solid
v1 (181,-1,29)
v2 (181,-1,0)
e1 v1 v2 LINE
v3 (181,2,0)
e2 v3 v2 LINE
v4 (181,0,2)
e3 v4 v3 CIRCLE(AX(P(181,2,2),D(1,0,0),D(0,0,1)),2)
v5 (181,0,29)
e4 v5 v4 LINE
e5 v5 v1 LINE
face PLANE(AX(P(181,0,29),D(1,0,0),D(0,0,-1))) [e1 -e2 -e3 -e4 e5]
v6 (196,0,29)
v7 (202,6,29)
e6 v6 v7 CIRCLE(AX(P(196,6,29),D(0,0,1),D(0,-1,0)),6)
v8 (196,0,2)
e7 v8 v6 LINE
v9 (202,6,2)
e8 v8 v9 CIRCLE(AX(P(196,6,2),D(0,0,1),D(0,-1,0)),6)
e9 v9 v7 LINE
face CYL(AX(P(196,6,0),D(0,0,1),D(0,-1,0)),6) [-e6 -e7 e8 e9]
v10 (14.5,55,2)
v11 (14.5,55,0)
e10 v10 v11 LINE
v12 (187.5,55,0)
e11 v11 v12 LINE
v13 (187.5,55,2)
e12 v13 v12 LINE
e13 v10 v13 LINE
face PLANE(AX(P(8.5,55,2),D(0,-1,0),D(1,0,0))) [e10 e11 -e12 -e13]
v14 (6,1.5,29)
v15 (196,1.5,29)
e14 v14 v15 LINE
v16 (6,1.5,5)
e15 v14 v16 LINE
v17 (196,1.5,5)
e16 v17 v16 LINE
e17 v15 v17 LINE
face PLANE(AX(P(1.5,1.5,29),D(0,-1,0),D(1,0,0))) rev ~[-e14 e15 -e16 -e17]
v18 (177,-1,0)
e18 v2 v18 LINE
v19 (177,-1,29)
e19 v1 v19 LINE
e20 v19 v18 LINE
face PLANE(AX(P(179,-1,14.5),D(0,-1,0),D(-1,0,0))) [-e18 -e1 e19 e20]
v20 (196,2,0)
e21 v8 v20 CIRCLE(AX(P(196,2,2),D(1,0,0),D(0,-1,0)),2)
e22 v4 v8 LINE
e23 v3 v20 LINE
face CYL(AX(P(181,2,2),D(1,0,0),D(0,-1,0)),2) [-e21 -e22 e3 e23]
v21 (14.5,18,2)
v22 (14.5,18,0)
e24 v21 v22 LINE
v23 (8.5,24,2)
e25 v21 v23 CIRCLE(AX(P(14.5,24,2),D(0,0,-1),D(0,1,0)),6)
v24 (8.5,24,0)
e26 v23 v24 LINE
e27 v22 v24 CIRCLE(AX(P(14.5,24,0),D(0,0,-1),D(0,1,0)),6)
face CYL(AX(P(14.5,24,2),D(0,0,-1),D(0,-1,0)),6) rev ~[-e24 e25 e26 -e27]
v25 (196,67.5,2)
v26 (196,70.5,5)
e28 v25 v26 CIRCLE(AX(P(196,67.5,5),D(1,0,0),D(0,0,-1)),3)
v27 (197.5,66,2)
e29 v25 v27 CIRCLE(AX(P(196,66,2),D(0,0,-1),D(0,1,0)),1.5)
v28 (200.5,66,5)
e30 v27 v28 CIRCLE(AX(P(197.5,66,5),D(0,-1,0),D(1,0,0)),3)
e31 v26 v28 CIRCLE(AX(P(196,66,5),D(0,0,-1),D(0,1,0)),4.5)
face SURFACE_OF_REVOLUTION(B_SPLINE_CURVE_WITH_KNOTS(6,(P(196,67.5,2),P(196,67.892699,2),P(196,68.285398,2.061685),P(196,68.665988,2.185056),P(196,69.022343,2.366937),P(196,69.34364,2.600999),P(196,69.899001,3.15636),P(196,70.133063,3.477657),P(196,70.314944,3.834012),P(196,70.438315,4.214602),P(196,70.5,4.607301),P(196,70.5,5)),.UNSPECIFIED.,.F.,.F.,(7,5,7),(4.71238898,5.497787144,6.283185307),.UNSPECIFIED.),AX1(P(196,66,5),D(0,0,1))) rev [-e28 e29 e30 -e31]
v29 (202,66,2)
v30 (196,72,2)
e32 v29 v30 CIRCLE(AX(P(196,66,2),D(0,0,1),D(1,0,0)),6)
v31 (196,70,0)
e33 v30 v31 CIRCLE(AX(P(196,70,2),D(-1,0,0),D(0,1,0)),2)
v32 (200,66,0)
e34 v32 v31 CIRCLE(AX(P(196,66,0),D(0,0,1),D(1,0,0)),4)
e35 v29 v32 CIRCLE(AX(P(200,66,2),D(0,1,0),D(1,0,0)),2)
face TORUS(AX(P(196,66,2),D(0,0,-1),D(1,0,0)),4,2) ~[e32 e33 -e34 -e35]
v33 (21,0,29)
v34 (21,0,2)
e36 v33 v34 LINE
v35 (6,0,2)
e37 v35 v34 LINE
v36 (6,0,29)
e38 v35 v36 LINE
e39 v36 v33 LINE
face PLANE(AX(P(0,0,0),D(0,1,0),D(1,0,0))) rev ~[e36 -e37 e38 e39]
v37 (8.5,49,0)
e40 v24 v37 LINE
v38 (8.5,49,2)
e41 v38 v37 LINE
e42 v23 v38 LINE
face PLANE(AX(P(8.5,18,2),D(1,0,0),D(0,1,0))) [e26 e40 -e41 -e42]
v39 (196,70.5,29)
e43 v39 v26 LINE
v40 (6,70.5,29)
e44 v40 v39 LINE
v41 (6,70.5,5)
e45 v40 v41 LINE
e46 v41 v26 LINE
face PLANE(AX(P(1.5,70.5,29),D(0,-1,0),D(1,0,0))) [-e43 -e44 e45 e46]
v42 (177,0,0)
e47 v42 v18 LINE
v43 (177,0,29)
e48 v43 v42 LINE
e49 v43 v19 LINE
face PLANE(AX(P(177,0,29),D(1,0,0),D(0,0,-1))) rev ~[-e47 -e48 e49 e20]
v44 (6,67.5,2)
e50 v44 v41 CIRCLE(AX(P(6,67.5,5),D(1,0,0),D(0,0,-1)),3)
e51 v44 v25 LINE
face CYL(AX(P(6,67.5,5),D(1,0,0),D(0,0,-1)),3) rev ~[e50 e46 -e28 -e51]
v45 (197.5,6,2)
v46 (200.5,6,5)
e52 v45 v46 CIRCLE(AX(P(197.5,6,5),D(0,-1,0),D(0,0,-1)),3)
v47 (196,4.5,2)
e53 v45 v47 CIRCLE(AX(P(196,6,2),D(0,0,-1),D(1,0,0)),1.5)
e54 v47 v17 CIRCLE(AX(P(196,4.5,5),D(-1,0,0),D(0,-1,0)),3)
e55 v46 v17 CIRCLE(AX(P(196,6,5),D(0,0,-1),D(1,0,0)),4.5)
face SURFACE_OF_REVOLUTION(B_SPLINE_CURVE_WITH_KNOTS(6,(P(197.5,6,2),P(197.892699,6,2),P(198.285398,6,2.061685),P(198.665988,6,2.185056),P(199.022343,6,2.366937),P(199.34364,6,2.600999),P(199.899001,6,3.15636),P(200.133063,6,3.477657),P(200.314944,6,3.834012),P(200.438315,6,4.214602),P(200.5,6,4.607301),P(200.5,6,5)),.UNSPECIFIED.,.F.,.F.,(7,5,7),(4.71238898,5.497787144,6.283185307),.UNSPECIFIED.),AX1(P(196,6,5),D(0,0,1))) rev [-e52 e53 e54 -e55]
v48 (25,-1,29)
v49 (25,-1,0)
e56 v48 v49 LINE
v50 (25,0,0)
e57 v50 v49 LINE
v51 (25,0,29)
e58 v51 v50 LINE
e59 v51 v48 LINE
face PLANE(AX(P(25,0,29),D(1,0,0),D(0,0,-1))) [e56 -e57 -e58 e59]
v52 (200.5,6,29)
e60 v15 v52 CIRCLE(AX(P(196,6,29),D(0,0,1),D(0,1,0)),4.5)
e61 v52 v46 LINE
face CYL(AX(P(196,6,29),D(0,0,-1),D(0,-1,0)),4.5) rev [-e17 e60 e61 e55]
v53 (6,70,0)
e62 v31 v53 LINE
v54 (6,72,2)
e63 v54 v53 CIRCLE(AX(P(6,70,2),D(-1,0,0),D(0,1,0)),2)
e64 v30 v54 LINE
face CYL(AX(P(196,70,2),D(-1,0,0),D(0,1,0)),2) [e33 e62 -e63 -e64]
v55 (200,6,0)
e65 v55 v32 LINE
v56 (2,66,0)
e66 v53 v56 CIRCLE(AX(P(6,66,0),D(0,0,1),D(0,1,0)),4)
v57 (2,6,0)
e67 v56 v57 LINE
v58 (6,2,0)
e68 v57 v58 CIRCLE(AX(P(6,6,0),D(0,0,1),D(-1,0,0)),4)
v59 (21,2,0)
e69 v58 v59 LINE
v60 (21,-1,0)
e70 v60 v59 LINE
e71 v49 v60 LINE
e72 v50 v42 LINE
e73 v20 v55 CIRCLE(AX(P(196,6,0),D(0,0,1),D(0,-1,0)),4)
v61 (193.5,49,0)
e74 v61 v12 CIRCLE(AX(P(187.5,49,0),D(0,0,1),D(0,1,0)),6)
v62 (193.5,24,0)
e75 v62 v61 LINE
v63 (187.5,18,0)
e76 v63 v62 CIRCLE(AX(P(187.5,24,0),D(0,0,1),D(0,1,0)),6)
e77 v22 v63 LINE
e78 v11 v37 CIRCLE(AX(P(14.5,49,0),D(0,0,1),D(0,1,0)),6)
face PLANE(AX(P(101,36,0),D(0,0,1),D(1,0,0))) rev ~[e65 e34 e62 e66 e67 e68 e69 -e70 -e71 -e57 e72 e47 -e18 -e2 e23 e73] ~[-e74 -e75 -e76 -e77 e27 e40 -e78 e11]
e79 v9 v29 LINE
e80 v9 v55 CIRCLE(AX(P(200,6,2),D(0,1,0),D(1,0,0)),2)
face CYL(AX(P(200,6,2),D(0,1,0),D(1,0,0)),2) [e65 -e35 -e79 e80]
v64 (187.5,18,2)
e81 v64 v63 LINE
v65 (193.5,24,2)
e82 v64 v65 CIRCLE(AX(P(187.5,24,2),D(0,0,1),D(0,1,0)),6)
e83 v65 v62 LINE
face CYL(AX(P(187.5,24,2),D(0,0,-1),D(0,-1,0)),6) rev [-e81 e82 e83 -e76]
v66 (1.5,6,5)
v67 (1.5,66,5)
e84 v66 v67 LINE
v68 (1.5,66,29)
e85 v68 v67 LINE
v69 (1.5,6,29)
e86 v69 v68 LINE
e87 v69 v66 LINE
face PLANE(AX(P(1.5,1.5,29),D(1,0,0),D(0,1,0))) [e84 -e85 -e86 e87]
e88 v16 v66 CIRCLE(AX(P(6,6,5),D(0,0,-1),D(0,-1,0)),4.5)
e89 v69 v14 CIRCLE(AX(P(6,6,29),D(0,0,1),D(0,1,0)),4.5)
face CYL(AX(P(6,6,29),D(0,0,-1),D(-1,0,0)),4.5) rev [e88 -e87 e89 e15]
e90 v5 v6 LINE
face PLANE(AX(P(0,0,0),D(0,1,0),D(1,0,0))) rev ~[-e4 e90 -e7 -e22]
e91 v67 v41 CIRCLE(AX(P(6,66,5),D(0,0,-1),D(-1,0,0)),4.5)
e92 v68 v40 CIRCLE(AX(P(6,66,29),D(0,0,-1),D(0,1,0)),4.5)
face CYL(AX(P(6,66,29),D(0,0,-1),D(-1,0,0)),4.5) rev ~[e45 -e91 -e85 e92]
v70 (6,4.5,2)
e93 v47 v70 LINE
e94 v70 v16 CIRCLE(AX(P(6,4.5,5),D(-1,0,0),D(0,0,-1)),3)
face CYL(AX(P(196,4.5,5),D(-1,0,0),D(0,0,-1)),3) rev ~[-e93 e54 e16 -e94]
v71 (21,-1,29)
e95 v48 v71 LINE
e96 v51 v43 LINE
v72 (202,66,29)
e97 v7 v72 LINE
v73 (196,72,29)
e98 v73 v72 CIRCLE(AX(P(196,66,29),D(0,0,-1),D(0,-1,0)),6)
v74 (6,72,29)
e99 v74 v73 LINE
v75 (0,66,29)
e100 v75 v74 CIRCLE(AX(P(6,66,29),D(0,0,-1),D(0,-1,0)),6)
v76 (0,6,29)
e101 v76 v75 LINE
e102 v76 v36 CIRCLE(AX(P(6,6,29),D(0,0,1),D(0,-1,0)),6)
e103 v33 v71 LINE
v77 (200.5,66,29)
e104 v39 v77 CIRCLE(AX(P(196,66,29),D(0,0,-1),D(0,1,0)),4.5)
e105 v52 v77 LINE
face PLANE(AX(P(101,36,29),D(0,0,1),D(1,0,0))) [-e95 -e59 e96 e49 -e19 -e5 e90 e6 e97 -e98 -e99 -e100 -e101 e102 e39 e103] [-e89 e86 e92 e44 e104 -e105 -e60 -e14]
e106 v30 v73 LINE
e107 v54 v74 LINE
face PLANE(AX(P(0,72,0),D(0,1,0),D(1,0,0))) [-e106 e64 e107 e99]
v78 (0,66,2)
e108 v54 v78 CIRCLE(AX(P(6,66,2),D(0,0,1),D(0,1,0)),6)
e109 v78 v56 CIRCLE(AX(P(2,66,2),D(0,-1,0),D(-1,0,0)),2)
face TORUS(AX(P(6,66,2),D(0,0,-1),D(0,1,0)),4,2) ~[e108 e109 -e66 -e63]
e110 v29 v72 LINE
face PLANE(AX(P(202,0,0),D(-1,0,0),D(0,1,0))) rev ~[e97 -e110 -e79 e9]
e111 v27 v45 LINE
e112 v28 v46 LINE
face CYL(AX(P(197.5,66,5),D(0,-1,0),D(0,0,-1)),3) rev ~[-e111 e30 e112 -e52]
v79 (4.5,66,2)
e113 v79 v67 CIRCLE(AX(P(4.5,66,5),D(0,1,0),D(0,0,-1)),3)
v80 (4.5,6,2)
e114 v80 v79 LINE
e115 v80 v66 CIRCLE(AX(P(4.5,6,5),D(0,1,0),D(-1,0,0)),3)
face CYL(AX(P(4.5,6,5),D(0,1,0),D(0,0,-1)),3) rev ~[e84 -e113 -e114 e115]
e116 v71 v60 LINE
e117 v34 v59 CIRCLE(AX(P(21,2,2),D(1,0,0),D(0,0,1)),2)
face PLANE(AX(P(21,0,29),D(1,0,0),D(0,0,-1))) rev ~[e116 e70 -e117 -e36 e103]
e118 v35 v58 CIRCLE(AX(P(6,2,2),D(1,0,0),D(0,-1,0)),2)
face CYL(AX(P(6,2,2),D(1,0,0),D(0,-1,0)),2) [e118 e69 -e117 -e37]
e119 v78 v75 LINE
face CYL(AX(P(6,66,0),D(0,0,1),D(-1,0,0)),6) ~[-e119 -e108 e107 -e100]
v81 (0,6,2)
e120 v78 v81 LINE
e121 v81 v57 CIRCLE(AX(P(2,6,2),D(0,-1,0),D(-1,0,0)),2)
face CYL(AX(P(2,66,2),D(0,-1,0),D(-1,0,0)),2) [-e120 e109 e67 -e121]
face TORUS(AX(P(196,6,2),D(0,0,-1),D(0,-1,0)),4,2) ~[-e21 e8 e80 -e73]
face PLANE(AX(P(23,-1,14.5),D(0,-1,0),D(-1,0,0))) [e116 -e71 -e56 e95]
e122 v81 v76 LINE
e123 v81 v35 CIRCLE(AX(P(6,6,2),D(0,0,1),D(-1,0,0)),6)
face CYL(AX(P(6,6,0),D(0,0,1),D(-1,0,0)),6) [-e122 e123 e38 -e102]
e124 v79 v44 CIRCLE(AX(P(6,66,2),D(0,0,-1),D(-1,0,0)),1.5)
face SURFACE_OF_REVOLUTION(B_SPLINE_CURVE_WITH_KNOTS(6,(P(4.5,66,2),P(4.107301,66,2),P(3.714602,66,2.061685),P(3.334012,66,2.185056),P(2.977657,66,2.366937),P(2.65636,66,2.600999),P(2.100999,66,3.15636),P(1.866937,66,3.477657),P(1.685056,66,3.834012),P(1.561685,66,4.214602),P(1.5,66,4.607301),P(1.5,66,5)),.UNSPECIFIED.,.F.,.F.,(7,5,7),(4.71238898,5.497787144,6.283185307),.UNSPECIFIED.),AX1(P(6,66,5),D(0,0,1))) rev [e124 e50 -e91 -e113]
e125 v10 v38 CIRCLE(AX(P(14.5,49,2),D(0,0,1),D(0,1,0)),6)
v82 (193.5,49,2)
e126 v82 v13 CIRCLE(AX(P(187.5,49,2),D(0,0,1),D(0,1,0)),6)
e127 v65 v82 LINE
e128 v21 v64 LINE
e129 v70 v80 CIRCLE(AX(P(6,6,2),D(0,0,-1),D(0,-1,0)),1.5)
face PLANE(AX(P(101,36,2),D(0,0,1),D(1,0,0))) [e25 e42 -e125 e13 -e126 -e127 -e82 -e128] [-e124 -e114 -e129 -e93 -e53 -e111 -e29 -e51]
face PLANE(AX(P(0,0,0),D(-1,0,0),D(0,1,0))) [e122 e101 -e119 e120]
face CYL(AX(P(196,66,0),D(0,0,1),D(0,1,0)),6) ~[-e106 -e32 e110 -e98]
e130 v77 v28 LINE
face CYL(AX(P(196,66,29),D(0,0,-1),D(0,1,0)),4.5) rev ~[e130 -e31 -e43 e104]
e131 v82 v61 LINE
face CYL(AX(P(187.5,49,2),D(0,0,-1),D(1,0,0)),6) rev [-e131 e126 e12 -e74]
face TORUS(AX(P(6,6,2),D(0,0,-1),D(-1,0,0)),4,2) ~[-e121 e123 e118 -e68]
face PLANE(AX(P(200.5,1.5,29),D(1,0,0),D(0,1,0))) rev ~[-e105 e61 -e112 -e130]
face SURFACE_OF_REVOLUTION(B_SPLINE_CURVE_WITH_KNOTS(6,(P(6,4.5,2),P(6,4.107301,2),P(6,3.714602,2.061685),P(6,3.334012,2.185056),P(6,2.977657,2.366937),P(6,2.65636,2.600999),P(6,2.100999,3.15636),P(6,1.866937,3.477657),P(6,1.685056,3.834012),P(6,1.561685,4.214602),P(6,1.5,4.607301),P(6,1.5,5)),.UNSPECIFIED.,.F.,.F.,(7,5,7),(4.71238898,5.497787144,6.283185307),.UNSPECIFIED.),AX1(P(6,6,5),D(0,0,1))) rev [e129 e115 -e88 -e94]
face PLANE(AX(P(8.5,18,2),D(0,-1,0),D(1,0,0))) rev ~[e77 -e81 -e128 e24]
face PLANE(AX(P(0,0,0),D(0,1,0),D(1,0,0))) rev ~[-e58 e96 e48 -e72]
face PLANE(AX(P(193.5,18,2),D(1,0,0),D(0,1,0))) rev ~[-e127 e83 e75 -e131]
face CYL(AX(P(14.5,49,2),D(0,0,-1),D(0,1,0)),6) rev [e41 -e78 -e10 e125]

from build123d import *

# Parameters (mm, degrees)
SKETCH1_W           = 202
SKETCH1_H           = 72
BOSS_EXTRUDE1_DEPTH = 29
SKETCH2_W           = 199
SKETCH2_H           = 69
CUT_EXTRUDE1_DEPTH  = 27
SKETCH3_W           = 185
SKETCH3_H           = 37
CUT_EXTRUDE2_DEPTH  = 27
FILLET1_R           = 6
FILLET2_R           = 4.5
FILLET3_R           = 6
SKETCH4_W           = 4
SKETCH4_H           = 29
BOSS_EXTRUDE2_DEPTH = 1
FILLET4_R           = 2
FILLET5_R           = 3


with BuildPart() as part:
    # Sketch1 → Boss-Extrude1 (new body)
    with BuildSketch(Plane.XY):
        with Locations((101, 36)):
            Rectangle(SKETCH1_W, SKETCH1_H)
    extrude(amount=BOSS_EXTRUDE1_DEPTH)

    # Sketch2 → Cut-Extrude1 (cut)
    with BuildSketch(Plane.XY.offset(29)):
        with Locations((101, 36)):
            Rectangle(SKETCH2_W, SKETCH2_H)
    extrude(amount=-CUT_EXTRUDE1_DEPTH, mode=Mode.SUBTRACT)

    # Sketch3 → Cut-Extrude2 (cut)
    with BuildSketch(Plane.XY.offset(2)):
        with Locations((101, 36.5)):
            Rectangle(SKETCH3_W, SKETCH3_H)
    extrude(amount=-CUT_EXTRUDE2_DEPTH, mode=Mode.SUBTRACT)

    # Fillet1
    fillet1_edges = [part.edges().sort_by_distance(p)[0] for p in [
        (8.5, 18, 1),
        (8.5, 55, 1),
        (193.5, 55, 1),
        (193.5, 18, 1),
    ]]
    fillet(fillet1_edges, radius=FILLET1_R)

    # Fillet2
    fillet2_edges = [part.edges().sort_by_distance(p)[0] for p in [
        (1.5, 1.5, 15.5),
        (1.5, 70.5, 15.5),
        (200.5, 70.5, 15.5),
        (200.5, 1.5, 15.5),
    ]]
    fillet(fillet2_edges, radius=FILLET2_R)

    # Fillet3
    fillet3_edges = [part.edges().sort_by_distance(p)[0] for p in [
        (0, 72, 14.5),
        (202, 72, 14.5),
        (202, 0, 14.5),
        (0, 0, 14.5),
    ]]
    fillet(fillet3_edges, radius=FILLET3_R)

    # Sketch4 → Boss-Extrude2 (add)
    with BuildSketch(Plane(origin=(0, 0, 0), x_dir=(-1, 0, 0), z_dir=(0, -1, 0))):
        with Locations((-23, -14.5)):
            Rectangle(SKETCH4_W, SKETCH4_H)
        with Locations((-179, -14.5)):
            Rectangle(SKETCH4_W, SKETCH4_H)
    extrude(amount=BOSS_EXTRUDE2_DEPTH)

    # Fillet4
    fillet4_edges = [part.edges().sort_by_distance(p)[0] for p in [
        (200.242640687, 1.757359313, 0),
        (188.5, 0, 0),
        (202, 36, 0),
        (0, 36, 0),
        (101, 72, 0),
        (13.5, 0, 0),
        (1.757359313, 70.242640687, 0),
        (1.757359313, 1.757359313, 0),
        (200.242640687, 70.242640687, 0),
    ]]
    fillet(fillet4_edges, radius=FILLET4_R)

    # Fillet5
    fillet5_edges = [part.edges().sort_by_distance(p)[0] for p in [
        (101, 70.5, 2),
        (200.5, 36, 2),
        (1.5, 36, 2),
        (101, 1.5, 2),
        (2.818019485, 69.181980515, 2),
        (2.818019485, 2.818019485, 2),
        (199.181980515, 2.818019485, 2),
        (199.181980515, 69.181980515, 2),
    ]]
    fillet(fillet5_edges, radius=FILLET5_R)


solid = part.part
